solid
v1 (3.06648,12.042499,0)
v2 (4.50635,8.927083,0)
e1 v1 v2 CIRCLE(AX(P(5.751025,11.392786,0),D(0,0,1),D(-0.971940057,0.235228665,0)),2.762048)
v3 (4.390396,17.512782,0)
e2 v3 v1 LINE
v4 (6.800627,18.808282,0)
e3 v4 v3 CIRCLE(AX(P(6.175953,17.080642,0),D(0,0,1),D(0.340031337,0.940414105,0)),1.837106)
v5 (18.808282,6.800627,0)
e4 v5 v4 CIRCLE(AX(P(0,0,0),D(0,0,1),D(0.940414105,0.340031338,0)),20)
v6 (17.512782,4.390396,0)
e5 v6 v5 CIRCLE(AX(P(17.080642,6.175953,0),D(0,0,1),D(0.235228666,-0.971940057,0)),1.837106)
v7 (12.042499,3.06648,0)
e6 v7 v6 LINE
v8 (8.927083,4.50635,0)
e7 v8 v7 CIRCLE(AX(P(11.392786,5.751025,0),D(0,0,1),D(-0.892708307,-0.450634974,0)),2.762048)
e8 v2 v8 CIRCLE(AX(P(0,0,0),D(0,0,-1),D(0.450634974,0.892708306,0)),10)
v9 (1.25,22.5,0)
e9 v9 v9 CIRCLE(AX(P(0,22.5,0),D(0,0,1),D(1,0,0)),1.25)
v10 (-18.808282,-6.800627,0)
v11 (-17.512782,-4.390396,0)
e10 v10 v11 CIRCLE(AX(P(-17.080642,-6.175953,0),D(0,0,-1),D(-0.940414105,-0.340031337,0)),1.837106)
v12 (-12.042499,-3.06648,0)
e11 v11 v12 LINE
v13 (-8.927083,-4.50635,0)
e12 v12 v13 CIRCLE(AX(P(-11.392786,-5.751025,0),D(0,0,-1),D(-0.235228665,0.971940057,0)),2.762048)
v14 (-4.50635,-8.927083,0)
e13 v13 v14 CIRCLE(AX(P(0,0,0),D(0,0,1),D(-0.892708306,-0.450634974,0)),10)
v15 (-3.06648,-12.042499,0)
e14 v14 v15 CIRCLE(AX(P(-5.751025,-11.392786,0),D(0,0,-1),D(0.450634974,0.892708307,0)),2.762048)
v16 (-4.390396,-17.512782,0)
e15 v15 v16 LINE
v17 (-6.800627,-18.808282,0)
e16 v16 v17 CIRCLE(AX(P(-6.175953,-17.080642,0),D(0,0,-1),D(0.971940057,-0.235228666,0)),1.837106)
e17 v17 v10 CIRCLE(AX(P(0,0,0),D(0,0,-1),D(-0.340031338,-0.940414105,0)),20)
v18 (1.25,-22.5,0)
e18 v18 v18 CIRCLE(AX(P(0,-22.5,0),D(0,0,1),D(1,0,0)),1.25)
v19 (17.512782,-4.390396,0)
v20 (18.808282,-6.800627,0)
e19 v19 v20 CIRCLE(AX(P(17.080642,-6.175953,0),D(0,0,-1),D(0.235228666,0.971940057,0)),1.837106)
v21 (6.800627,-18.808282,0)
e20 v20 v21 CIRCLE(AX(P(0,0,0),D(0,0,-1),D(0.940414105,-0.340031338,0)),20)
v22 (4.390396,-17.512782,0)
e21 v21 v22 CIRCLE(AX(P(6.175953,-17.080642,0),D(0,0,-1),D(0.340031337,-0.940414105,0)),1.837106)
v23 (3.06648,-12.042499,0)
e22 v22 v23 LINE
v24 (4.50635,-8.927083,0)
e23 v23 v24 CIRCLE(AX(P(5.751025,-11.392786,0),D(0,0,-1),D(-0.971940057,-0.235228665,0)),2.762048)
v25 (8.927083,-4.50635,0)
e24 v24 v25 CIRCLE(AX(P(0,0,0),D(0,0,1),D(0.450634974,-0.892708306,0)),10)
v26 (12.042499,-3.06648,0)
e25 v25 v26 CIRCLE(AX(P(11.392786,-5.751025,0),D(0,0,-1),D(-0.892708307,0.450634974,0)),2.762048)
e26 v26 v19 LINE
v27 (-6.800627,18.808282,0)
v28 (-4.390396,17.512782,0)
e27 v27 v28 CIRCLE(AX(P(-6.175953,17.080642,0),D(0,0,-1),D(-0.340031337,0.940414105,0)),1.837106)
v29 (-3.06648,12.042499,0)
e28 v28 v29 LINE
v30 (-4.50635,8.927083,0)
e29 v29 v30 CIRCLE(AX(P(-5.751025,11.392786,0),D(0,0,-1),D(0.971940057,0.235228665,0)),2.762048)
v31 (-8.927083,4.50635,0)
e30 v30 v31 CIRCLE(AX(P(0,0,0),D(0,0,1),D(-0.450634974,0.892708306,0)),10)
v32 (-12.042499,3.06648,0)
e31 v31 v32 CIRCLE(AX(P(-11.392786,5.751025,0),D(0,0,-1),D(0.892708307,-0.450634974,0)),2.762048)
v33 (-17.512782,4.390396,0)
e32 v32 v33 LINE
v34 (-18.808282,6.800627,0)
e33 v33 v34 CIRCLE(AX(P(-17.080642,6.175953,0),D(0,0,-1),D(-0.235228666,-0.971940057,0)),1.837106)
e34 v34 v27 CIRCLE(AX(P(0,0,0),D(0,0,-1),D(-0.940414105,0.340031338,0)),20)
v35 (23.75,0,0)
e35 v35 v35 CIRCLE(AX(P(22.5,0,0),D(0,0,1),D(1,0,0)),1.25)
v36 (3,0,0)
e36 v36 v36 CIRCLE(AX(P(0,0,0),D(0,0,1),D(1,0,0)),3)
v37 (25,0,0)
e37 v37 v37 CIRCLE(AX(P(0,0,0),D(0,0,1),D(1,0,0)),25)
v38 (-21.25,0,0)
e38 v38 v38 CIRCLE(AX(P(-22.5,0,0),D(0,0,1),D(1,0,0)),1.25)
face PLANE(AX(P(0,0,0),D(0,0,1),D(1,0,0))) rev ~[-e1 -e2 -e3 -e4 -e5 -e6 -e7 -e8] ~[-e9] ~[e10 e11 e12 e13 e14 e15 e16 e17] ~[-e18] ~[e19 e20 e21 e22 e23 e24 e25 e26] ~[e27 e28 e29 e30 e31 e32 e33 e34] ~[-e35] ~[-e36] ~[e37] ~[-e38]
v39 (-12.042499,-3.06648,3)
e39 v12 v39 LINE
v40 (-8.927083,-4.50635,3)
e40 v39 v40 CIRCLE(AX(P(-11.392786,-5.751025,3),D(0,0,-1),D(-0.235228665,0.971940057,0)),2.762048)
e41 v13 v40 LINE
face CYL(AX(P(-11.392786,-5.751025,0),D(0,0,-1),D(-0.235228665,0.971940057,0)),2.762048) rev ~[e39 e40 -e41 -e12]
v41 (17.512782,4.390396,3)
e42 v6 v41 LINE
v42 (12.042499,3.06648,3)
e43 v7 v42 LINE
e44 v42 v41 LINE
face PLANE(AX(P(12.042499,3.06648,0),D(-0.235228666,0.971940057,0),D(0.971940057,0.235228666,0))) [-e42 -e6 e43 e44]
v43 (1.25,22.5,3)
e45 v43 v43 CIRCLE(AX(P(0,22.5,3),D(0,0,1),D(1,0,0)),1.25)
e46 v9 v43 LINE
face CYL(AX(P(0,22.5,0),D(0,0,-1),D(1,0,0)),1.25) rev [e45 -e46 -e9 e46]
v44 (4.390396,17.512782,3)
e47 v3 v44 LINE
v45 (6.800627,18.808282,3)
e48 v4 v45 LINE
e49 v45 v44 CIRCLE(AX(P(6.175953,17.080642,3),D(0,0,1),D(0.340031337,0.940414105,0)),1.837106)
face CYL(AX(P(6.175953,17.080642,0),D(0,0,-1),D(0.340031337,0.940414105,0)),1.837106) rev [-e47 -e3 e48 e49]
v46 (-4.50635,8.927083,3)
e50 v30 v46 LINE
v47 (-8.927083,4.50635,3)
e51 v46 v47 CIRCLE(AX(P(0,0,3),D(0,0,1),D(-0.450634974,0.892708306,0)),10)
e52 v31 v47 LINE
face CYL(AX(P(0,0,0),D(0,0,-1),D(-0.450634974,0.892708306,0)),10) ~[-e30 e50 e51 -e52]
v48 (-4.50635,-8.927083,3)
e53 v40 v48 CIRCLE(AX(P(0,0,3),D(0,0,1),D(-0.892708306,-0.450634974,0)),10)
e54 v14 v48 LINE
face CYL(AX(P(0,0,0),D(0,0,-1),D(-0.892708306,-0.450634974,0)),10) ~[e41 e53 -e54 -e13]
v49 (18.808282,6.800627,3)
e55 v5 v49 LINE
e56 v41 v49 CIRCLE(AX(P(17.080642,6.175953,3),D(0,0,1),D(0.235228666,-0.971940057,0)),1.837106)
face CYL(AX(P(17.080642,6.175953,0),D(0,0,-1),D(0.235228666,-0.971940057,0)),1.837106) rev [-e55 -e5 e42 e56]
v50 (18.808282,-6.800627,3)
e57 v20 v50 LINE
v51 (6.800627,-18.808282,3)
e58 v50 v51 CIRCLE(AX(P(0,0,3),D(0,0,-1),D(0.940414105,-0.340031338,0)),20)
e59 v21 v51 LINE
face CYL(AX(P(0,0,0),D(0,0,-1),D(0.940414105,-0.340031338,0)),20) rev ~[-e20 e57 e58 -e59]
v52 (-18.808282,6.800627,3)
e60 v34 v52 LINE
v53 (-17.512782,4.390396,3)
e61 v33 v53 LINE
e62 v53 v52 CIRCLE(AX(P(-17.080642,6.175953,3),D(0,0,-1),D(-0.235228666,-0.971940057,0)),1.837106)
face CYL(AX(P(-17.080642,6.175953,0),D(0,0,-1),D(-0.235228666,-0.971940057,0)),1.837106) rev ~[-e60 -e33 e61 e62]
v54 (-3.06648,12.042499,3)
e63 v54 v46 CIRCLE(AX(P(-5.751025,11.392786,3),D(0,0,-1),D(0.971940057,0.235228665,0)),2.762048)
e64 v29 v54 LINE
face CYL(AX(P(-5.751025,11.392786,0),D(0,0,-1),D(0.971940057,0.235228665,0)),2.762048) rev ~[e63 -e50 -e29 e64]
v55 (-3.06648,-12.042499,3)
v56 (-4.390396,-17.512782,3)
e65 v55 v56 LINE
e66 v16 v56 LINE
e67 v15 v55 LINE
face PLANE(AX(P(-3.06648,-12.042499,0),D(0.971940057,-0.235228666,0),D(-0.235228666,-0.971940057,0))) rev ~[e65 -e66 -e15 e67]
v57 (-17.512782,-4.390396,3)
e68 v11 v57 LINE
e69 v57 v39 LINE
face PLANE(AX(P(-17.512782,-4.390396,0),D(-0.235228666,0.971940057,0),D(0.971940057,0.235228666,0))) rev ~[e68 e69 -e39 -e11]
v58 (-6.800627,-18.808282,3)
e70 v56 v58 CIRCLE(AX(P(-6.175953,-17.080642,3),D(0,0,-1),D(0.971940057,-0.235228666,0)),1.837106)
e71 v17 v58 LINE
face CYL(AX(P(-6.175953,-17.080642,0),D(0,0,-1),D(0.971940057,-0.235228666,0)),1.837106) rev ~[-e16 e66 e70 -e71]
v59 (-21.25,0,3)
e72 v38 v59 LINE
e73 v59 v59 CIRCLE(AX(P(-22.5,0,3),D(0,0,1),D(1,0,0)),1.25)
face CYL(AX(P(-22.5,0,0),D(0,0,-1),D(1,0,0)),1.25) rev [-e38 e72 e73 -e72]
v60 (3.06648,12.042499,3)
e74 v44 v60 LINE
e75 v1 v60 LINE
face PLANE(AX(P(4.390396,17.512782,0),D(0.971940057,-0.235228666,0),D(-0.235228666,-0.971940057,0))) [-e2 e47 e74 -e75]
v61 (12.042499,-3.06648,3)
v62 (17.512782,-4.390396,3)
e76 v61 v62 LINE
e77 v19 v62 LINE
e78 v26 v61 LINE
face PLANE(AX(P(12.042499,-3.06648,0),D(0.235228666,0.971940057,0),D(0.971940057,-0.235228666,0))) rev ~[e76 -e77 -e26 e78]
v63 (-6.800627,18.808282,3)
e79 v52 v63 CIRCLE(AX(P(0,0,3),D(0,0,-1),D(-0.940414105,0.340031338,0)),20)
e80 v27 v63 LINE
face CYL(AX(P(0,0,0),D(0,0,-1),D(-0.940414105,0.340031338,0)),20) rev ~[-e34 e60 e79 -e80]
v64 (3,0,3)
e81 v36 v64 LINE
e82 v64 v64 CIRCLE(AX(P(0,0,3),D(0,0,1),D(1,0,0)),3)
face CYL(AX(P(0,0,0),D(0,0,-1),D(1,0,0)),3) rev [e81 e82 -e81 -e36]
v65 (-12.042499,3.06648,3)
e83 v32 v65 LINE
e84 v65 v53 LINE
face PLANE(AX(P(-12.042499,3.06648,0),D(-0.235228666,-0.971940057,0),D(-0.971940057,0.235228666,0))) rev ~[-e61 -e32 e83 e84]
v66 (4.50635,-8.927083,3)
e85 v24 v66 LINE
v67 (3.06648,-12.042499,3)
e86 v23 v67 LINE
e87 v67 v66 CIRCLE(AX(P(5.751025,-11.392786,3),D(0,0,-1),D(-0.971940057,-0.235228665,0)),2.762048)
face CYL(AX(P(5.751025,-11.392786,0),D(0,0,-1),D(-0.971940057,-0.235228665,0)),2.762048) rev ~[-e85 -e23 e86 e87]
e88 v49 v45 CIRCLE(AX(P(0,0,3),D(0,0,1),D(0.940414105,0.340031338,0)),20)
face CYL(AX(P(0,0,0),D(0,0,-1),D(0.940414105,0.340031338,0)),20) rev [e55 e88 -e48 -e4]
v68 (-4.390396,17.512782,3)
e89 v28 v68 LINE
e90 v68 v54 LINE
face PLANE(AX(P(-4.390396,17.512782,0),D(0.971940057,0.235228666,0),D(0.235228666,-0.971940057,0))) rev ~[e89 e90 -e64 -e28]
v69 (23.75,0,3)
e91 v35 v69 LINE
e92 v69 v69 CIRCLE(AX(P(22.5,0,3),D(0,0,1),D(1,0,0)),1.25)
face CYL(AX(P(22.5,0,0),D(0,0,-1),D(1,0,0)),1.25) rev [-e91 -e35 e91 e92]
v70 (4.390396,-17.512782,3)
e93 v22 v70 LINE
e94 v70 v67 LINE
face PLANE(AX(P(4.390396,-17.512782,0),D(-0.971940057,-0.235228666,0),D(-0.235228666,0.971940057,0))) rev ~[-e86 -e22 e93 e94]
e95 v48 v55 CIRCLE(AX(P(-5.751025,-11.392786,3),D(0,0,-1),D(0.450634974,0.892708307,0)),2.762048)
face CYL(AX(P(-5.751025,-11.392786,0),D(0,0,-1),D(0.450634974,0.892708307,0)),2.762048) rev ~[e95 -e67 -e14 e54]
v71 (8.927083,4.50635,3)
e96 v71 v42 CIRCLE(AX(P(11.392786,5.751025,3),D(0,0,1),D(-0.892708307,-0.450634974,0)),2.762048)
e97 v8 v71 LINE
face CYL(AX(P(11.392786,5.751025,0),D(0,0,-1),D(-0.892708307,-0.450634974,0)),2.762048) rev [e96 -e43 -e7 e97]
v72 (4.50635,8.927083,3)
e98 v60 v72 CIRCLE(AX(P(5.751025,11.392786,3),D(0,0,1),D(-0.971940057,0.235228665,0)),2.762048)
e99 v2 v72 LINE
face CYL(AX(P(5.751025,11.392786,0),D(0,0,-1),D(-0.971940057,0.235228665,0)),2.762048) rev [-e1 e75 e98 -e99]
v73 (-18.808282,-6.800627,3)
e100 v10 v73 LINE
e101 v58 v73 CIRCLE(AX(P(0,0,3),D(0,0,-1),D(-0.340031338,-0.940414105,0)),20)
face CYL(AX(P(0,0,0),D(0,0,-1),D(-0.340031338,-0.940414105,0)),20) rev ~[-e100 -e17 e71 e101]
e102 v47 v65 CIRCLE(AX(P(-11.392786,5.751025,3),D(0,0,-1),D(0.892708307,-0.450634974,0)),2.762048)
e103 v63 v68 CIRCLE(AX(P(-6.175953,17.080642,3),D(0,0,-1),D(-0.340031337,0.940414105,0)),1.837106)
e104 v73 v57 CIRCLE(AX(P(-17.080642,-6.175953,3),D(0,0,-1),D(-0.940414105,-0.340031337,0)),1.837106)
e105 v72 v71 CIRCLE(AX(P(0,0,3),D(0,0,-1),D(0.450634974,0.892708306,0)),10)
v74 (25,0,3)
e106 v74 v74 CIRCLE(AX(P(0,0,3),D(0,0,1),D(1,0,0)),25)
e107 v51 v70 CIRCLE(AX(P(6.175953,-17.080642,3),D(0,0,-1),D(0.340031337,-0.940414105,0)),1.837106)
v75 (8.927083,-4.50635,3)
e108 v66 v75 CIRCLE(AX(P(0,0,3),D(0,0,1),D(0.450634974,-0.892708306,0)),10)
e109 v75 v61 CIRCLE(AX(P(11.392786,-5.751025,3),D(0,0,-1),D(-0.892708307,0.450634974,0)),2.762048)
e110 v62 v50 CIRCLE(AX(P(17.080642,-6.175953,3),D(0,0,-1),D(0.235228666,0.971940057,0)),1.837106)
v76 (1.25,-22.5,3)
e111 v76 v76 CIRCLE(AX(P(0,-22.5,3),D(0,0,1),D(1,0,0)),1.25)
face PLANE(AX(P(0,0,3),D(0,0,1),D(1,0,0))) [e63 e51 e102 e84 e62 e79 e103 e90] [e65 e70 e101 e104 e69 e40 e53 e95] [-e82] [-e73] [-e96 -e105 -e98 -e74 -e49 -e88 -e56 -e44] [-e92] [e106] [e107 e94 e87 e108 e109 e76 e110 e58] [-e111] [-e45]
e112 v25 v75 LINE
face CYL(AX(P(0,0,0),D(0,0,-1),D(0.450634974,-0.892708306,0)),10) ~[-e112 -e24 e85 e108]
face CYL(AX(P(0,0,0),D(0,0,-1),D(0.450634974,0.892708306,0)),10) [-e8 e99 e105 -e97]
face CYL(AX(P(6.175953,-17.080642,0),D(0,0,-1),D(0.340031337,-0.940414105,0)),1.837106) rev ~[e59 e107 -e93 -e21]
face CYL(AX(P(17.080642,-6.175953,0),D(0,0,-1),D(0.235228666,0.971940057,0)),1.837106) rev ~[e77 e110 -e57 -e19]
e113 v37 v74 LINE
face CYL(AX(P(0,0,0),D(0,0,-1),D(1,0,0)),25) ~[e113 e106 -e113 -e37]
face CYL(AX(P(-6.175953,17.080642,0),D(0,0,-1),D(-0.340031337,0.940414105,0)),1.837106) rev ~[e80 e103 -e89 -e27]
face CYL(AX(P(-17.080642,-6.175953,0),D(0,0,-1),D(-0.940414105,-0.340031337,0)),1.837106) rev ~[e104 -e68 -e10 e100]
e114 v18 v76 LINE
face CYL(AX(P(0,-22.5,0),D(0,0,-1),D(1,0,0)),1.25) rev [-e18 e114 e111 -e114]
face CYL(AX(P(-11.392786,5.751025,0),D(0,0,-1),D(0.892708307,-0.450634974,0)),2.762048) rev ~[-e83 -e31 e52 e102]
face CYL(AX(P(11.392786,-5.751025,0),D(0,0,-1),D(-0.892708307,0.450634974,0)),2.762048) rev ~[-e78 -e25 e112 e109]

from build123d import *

# Parameters (mm, degrees)
SKETCH1_R           = 25
SKETCH1_R_2         = 1.25
SKETCH1_R_3         = 3
BOSS_EXTRUDE1_DEPTH = 3


with BuildPart() as part:
    # Sketch1 → Boss-Extrude1 (new body)
    with BuildSketch(Plane.XY):
        Circle(SKETCH1_R)
        with Locations((0, 22.5)):
            Circle(SKETCH1_R_2, mode=Mode.SUBTRACT)
        Circle(SKETCH1_R_3, mode=Mode.SUBTRACT)
        with Locations((22.5, 0)):
            Circle(SKETCH1_R_2, mode=Mode.SUBTRACT)
        with Locations((0, -22.5)):
            Circle(SKETCH1_R_2, mode=Mode.SUBTRACT)
        with Locations((-22.5, 0)):
            Circle(SKETCH1_R_2, mode=Mode.SUBTRACT)
        with BuildLine():
            Line((4.39039635, 17.512781765), (3.066480056, 12.042499157))
            ThreePointArc((3.066480056, 12.042499157), (3.243806018, 10.234010462), (4.506349736, 8.927083066))
            ThreePointArc((4.506349736, 8.927083066), (7.071067812, 7.071067812), (8.927083066, 4.506349736))
            ThreePointArc((8.927083066, 4.506349736), (10.234010462, 3.243806018), (12.042499157, 3.066480056))
            Line((12.042499157, 3.066480056), (17.512781765, 4.39039635))
            ThreePointArc((17.512781765, 4.39039635), (18.69880908, 5.306187253), (18.808282105, 6.800626756))
            ThreePointArc((18.808282105, 6.800626756), (14.142135624, 14.142135624), (6.800626756, 18.808282105))
            ThreePointArc((6.800626756, 18.808282105), (5.306187253, 18.69880908), (4.39039635, 17.512781765))
        make_face(mode=Mode.SUBTRACT)
        with BuildLine():
            Line((4.39039635, -17.512781765), (3.066480056, -12.042499157))
            ThreePointArc((3.066480056, -12.042499157), (3.243806018, -10.234010462), (4.506349736, -8.927083066))
            ThreePointArc((4.506349736, -8.927083066), (7.071067812, -7.071067812), (8.927083066, -4.506349736))
            ThreePointArc((8.927083066, -4.506349736), (10.234010462, -3.243806018), (12.042499157, -3.066480056))
            Line((12.042499157, -3.066480056), (17.512781765, -4.39039635))
            ThreePointArc((17.512781765, -4.39039635), (18.69880908, -5.306187253), (18.808282105, -6.800626756))
            ThreePointArc((18.808282105, -6.800626756), (14.142135624, -14.142135624), (6.800626756, -18.808282105))
            ThreePointArc((6.800626756, -18.808282105), (5.306187253, -18.69880908), (4.39039635, -17.512781765))
        make_face(mode=Mode.SUBTRACT)
        with BuildLine():
            Line((-17.512781765, -4.39039635), (-12.042499157, -3.066480056))
            ThreePointArc((-12.042499157, -3.066480056), (-10.234010462, -3.243806018), (-8.927083066, -4.506349736))
            ThreePointArc((-8.927083066, -4.506349736), (-7.071067812, -7.071067812), (-4.506349736, -8.927083066))
            ThreePointArc((-4.506349736, -8.927083066), (-3.243806018, -10.234010462), (-3.066480056, -12.042499157))
            Line((-3.066480056, -12.042499157), (-4.39039635, -17.512781765))
            ThreePointArc((-4.39039635, -17.512781765), (-5.306187253, -18.69880908), (-6.800626756, -18.808282105))
            ThreePointArc((-6.800626756, -18.808282105), (-14.142135624, -14.142135624), (-18.808282105, -6.800626756))
            ThreePointArc((-18.808282105, -6.800626756), (-18.69880908, -5.306187253), (-17.512781765, -4.39039635))
        make_face(mode=Mode.SUBTRACT)
        with BuildLine():
            Line((-4.39039635, 17.512781765), (-3.066480056, 12.042499157))
            ThreePointArc((-3.066480056, 12.042499157), (-3.243806018, 10.234010462), (-4.506349736, 8.927083066))
            ThreePointArc((-4.506349736, 8.927083066), (-7.071067812, 7.071067812), (-8.927083066, 4.506349736))
            ThreePointArc((-8.927083066, 4.506349736), (-10.234010462, 3.243806018), (-12.042499157, 3.066480056))
            Line((-12.042499157, 3.066480056), (-17.512781765, 4.39039635))
            ThreePointArc((-17.512781765, 4.39039635), (-18.69880908, 5.306187253), (-18.808282105, 6.800626756))
            ThreePointArc((-18.808282105, 6.800626756), (-14.142135624, 14.142135624), (-6.800626756, 18.808282105))
            ThreePointArc((-6.800626756, 18.808282105), (-5.306187253, 18.69880908), (-4.39039635, 17.512781765))
        make_face(mode=Mode.SUBTRACT)
    extrude(amount=BOSS_EXTRUDE1_DEPTH)


solid = part.part
